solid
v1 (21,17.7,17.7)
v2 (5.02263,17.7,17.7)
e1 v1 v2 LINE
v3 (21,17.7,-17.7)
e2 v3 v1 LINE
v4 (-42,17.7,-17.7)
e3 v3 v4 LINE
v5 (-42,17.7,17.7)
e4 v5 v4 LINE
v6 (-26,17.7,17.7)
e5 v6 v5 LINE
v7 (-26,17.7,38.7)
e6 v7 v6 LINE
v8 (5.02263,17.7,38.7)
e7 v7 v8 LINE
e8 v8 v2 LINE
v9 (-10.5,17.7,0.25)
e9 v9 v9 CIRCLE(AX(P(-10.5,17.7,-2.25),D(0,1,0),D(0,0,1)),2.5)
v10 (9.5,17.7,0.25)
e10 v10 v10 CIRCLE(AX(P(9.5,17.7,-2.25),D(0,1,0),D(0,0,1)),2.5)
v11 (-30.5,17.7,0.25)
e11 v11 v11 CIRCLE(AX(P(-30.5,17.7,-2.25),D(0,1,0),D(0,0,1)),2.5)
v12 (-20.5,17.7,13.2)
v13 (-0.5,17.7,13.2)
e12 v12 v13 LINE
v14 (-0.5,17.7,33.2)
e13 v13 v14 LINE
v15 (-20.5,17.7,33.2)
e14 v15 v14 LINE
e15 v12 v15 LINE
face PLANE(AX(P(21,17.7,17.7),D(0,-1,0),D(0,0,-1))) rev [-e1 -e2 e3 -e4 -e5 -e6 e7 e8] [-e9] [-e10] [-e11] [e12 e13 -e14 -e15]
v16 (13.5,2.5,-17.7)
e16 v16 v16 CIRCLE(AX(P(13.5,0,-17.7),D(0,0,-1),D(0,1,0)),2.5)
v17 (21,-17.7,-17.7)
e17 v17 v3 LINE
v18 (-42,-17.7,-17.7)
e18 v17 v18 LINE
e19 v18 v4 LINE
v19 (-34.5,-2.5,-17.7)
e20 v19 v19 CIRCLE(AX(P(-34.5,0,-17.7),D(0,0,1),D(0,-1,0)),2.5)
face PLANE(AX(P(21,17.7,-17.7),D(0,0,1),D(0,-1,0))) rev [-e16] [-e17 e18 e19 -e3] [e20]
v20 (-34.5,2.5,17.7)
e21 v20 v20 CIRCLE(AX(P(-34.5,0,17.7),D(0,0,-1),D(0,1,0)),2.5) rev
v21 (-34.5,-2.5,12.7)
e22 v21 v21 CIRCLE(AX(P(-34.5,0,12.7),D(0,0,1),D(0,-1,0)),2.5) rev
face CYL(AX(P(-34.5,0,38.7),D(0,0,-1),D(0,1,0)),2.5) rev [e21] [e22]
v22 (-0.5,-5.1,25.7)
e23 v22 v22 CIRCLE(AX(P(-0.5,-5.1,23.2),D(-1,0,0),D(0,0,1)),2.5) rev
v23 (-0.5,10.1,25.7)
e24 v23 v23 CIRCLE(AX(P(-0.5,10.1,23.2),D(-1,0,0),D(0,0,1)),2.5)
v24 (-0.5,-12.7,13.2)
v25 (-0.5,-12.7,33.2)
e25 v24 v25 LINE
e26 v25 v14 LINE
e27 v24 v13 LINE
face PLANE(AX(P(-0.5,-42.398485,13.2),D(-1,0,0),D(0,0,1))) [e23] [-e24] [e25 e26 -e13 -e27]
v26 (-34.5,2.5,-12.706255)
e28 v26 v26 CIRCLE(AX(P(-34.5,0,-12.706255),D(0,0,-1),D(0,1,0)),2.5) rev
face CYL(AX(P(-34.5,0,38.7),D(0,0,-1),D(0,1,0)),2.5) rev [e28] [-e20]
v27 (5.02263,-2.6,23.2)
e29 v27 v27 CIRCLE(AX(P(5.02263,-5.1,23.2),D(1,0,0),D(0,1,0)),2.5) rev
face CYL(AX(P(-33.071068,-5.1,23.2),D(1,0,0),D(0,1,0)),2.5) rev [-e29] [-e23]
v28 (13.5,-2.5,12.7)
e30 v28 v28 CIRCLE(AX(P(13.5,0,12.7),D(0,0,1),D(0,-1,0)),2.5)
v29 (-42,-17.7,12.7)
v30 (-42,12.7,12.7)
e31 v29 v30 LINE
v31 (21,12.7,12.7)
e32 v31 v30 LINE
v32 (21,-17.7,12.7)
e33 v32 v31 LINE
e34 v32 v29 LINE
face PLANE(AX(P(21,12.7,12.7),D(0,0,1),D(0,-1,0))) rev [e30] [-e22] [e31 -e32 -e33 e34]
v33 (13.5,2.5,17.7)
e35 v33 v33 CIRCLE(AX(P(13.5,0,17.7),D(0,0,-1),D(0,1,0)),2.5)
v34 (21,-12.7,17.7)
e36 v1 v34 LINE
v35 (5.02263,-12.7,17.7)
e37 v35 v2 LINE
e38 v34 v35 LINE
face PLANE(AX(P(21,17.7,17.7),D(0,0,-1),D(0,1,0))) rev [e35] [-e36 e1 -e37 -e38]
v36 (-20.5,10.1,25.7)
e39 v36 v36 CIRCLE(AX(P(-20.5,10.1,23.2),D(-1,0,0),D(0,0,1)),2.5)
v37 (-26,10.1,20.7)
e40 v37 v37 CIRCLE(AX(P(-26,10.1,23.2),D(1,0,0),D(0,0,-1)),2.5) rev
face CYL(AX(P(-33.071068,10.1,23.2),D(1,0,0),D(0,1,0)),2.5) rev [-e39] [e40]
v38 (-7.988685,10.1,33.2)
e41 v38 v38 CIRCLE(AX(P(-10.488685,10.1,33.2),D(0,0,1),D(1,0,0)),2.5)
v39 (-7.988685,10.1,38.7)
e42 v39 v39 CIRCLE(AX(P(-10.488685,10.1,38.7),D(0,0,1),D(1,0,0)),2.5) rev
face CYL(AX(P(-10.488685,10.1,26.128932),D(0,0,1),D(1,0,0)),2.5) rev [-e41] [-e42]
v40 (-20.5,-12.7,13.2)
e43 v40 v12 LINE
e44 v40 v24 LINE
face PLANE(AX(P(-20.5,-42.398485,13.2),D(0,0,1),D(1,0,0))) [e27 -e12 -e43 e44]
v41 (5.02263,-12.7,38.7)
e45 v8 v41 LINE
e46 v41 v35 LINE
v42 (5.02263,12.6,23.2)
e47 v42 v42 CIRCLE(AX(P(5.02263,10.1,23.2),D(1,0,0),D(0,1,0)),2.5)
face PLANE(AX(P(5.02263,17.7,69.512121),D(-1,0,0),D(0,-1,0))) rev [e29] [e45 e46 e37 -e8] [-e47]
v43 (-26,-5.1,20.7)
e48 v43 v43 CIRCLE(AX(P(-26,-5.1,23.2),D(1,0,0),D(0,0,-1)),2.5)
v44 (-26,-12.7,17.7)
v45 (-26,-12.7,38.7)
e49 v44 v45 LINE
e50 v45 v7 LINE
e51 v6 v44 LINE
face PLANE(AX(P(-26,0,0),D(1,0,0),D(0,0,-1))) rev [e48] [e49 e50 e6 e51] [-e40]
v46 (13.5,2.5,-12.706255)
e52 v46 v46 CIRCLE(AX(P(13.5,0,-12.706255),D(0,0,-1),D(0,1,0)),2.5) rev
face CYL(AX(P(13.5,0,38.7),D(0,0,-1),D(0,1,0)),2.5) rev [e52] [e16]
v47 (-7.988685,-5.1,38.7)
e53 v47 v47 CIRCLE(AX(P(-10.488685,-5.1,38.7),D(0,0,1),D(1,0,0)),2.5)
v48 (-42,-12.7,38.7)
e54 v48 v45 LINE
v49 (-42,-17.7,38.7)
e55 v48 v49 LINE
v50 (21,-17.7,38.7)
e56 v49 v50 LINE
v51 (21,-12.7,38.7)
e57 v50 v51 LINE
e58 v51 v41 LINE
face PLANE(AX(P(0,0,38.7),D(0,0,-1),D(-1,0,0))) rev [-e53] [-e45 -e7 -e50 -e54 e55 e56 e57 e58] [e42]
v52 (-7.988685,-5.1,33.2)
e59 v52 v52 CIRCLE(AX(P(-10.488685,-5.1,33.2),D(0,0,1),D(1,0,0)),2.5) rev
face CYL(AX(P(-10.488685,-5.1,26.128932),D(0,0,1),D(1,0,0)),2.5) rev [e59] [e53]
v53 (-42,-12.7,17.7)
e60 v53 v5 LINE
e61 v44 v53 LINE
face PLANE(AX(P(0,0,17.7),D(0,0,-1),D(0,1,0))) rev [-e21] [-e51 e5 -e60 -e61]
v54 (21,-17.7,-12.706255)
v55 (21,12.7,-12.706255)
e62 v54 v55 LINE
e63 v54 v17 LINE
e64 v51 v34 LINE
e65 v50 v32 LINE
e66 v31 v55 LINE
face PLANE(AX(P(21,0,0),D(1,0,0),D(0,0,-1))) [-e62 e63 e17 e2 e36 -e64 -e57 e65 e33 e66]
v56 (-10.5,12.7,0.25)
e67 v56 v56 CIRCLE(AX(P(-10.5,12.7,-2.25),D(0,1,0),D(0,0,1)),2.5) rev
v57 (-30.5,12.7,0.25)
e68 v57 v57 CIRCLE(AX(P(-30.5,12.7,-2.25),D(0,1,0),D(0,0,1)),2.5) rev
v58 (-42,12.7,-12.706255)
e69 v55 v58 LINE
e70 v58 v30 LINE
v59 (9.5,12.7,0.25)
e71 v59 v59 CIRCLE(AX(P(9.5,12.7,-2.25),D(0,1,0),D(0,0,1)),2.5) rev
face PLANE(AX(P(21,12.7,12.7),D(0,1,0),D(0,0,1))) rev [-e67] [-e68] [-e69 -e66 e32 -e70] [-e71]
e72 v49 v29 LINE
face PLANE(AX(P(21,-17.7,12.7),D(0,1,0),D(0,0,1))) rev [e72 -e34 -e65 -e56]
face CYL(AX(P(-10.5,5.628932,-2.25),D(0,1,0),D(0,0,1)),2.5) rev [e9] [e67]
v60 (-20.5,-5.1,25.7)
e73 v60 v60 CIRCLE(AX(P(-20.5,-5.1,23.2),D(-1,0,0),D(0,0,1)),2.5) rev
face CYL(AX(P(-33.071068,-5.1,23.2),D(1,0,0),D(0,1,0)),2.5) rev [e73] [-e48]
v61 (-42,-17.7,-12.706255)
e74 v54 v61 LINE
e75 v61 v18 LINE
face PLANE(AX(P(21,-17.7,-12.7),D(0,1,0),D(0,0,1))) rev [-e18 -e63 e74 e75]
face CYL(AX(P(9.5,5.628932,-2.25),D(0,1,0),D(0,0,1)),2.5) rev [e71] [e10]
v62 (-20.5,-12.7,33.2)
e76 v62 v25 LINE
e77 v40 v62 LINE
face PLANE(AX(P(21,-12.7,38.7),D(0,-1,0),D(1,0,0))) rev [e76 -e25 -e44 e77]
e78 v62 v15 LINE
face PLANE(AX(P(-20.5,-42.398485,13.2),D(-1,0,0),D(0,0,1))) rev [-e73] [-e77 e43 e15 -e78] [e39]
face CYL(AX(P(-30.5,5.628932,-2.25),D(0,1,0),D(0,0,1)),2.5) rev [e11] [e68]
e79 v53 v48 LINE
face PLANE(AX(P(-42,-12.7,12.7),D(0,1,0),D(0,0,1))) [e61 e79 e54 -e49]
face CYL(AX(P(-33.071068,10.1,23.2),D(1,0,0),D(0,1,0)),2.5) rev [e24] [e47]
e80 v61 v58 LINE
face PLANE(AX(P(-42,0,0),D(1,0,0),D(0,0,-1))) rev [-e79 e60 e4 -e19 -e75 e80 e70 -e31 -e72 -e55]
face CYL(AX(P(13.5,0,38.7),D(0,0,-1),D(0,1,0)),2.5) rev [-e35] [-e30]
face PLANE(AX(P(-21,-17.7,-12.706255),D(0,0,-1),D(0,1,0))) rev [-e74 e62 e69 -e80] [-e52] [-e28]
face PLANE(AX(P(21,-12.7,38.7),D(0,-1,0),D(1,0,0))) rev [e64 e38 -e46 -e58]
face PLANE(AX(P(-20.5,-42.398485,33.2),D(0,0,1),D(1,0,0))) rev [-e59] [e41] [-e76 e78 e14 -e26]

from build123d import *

# Parameters (mm, degrees)
BOSS_EXTRUDE1_DEPTH  = 21
SKETCH4_W            = 42
SKETCH4_H            = 5
BOSS_EXTRUDE2_DEPTH  = 21
SKETCH5_W            = 21
SKETCH5_H            = 5
BOSS_EXTRUDE3_DEPTH  = 5
SKETCH7_W            = 5.022630365
SKETCH7_H            = 30.4
BOSS_EXTRUDE4_DEPTH  = 21
SKETCH8_W            = 26
SKETCH8_H            = 35.4
BOSS_EXTRUDE5_DEPTH  = 5
SKETCH9_W            = 26
SKETCH9_H            = 5
BOSS_EXTRUDE6_DEPTH  = 16
SKETCH10_W           = 16
SKETCH10_H           = 30.4
BOSS_EXTRUDE7_DEPTH  = 5
SKETCH11_W           = 21
SKETCH11_H           = 5
BOSS_EXTRUDE9_DEPTH  = 30.4
SKETCH13_W           = 21
SKETCH13_H           = 4.993745126
BOSS_EXTRUDE10_DEPTH = 30.4
SKETCH15_W           = 30.4
SKETCH15_H           = 5
BOSS_EXTRUDE11_DEPTH = 21
SKETCH18_W           = 5
SKETCH18_H           = 30.4
BOSS_EXTRUDE12_DEPTH = 21
SKETCH19_W           = 4.993745126
SKETCH19_H           = 30.4
BOSS_EXTRUDE13_DEPTH = 21
SKETCH21_W           = 21
SKETCH21_H           = 21
SKETCH21_W_2         = 20
SKETCH21_H_2         = 20
BOSS_EXTRUDE19_DEPTH = 30.4
SKETCH22_R           = 2.5
CUT_EXTRUDE1_DEPTH   = 47.02263
SKETCH24_R           = 2.5
CUT_EXTRUDE2_DEPTH   = 5.5
SKETCH25_R           = 2.5
CUT_EXTRUDE3_DEPTH   = 5
SKETCH26_R           = 2.5
CUT_EXTRUDE4_DEPTH   = 57.4
SKETCH28_W           = 21
SKETCH28_H           = 30.4
CUT_EXTRUDE5_DEPTH   = 0.006255


with BuildPart() as part:
    # Sketch2 → Boss-Extrude1 (new body)
    with BuildSketch(Plane(origin=(0, 0, 0), x_dir=(0, 0, -1), z_dir=(1, 0, 0))):
        Polygon((-17.7, 17.7), (17.7, 17.7), (17.7, -17.7), (12.7, -17.7), (12.7, -12.7), (12.7, 12.7), (-12.7, 12.7), (-12.7, -12.7), (-12.7, -17.7), (-17.7, -17.7), align=None)
    extrude(amount=BOSS_EXTRUDE1_DEPTH)

    # Sketch4 → Boss-Extrude2 (add)
    with BuildSketch(Plane.XY.offset(17.7)):
        with Locations((0, -15.2)):
            Rectangle(SKETCH4_W, SKETCH4_H)
    extrude(amount=BOSS_EXTRUDE2_DEPTH)

    # Sketch5 → Boss-Extrude3 (add)
    with BuildSketch(Plane(origin=(0, 0, 17.7), x_dir=(-1, 0, 0), z_dir=(0, 0, -1))):
        with Locations((10.5, -15.2)):
            Rectangle(SKETCH5_W, SKETCH5_H)
    extrude(amount=BOSS_EXTRUDE3_DEPTH)

    # Sketch7 → Boss-Extrude4 (add)
    with BuildSketch(Plane.XY.offset(17.7)):
        with Locations((2.511315183, 2.5)):
            Rectangle(SKETCH7_W, SKETCH7_H)
    extrude(amount=BOSS_EXTRUDE4_DEPTH)

    # Sketch8 → Boss-Extrude5 (add)
    with BuildSketch(Plane.ZY.offset(21)):
        with Locations((25.7, 0)):
            Rectangle(SKETCH8_W, SKETCH8_H)
    extrude(amount=BOSS_EXTRUDE5_DEPTH)

    # Sketch9 → Boss-Extrude6 (add)
    with BuildSketch(Plane.ZY.offset(26)):
        with Locations((25.7, -15.2)):
            Rectangle(SKETCH9_W, SKETCH9_H)
    extrude(amount=BOSS_EXTRUDE6_DEPTH)

    # Sketch10 → Boss-Extrude7 (add)
    with BuildSketch(Plane(origin=(0, 0, 12.7), x_dir=(-1, 0, 0), z_dir=(0, 0, -1))):
        with Locations((34, 2.5)):
            Rectangle(SKETCH10_W, SKETCH10_H)
    extrude(amount=-BOSS_EXTRUDE7_DEPTH)

    # Sketch11 → Boss-Extrude9 (add)
    with BuildSketch(Plane(origin=(0, 0, 12.7), x_dir=(-1, 0, 0), z_dir=(0, 0, -1))):
        with Locations((31.5, 15.2)):
            Rectangle(SKETCH11_W, SKETCH11_H)
    extrude(amount=BOSS_EXTRUDE9_DEPTH)

    # Sketch13 → Boss-Extrude10 (add)
    with BuildSketch(Plane.XZ.offset(-12.7)):
        with Locations((-31.5, -15.203127437)):
            Rectangle(SKETCH13_W, SKETCH13_H)
    extrude(amount=BOSS_EXTRUDE10_DEPTH)

    # Sketch15 → Boss-Extrude11 (add)
    with BuildSketch(Plane(origin=(-21, 0, 0), x_dir=(0, 0, -1), z_dir=(1, 0, 0))):
        with Locations((2.5, 15.2)):
            Rectangle(SKETCH15_W, SKETCH15_H)
    extrude(amount=BOSS_EXTRUDE11_DEPTH)

    # Sketch18 → Boss-Extrude12 (add)
    with BuildSketch(Plane(origin=(-21, 0, 0), x_dir=(0, 0, -1), z_dir=(1, 0, 0))):
        with Locations((-36.2, 2.5)):
            Rectangle(SKETCH18_W, SKETCH18_H)
    extrude(amount=BOSS_EXTRUDE12_DEPTH)

    # Sketch19 → Boss-Extrude13 (add)
    with BuildSketch(Plane(origin=(-21, 0, 0), x_dir=(0, 0, -1), z_dir=(1, 0, 0))):
        with Locations((15.203127437, -2.5)):
            Rectangle(SKETCH19_W, SKETCH19_H)
    extrude(amount=BOSS_EXTRUDE13_DEPTH)

    # Sketch21 → Boss-Extrude19 (add)
    with BuildSketch(Plane(origin=(0, 17.7, 0), x_dir=(1, 0, 0), z_dir=(0, 1, 0))):
        with Locations((-10.5, -23.2)):
            Rectangle(SKETCH21_W, SKETCH21_H)
        with Locations((-10.5, -23.2)):
            Rectangle(SKETCH21_W_2, SKETCH21_H_2, mode=Mode.SUBTRACT)
    extrude(amount=-BOSS_EXTRUDE19_DEPTH)

    # Sketch22 → Cut-Extrude1 (cut)
    with BuildSketch(Plane(origin=(5.022630365, 0, 0), x_dir=(0, 0, -1), z_dir=(1, 0, 0))):
        with Locations((-23.2, 10.1)):
            Circle(SKETCH22_R)
        with Locations((-23.2, -5.1)):
            Circle(SKETCH22_R)
    extrude(amount=-CUT_EXTRUDE1_DEPTH, mode=Mode.SUBTRACT)

    # Sketch24 → Cut-Extrude2 (cut)
    with BuildSketch(Plane.XY.offset(38.7)):
        with Locations((-10.488684817, 10.1)):
            Circle(SKETCH24_R)
        with Locations((-10.488684817, -5.1)):
            Circle(SKETCH24_R)
    extrude(amount=-CUT_EXTRUDE2_DEPTH, mode=Mode.SUBTRACT)

    # Sketch25 → Cut-Extrude3 (cut)
    with BuildSketch(Plane(origin=(0, 17.7, 0), x_dir=(1, 0, 0), z_dir=(0, 1, 0))):
        with Locations((-10.5, 2.25)):
            Circle(SKETCH25_R)
        with Locations((9.5, 2.25)):
            Circle(SKETCH25_R)
        with Locations((-30.5, 2.25)):
            Circle(SKETCH25_R)
    extrude(amount=-CUT_EXTRUDE3_DEPTH, mode=Mode.SUBTRACT)

    # Sketch26 → Cut-Extrude4 (cut, through all)
    with BuildSketch(Plane(origin=(0, 0, -17.7), x_dir=(-1, 0, 0), z_dir=(0, 0, -1))):
        with Locations((-13.5, 0)):
            Circle(SKETCH26_R)
        with Locations((34.5, 0)):
            Circle(SKETCH26_R)
    extrude(amount=-CUT_EXTRUDE4_DEPTH, mode=Mode.SUBTRACT)

    # Sketch28 → Cut-Extrude5 (cut)
    with BuildSketch(Plane.XY.offset(-12.7)):
        with Locations((10.5, -2.5)):
            Rectangle(SKETCH28_W, SKETCH28_H)
    extrude(amount=-CUT_EXTRUDE5_DEPTH, mode=Mode.SUBTRACT)


solid = part.part
